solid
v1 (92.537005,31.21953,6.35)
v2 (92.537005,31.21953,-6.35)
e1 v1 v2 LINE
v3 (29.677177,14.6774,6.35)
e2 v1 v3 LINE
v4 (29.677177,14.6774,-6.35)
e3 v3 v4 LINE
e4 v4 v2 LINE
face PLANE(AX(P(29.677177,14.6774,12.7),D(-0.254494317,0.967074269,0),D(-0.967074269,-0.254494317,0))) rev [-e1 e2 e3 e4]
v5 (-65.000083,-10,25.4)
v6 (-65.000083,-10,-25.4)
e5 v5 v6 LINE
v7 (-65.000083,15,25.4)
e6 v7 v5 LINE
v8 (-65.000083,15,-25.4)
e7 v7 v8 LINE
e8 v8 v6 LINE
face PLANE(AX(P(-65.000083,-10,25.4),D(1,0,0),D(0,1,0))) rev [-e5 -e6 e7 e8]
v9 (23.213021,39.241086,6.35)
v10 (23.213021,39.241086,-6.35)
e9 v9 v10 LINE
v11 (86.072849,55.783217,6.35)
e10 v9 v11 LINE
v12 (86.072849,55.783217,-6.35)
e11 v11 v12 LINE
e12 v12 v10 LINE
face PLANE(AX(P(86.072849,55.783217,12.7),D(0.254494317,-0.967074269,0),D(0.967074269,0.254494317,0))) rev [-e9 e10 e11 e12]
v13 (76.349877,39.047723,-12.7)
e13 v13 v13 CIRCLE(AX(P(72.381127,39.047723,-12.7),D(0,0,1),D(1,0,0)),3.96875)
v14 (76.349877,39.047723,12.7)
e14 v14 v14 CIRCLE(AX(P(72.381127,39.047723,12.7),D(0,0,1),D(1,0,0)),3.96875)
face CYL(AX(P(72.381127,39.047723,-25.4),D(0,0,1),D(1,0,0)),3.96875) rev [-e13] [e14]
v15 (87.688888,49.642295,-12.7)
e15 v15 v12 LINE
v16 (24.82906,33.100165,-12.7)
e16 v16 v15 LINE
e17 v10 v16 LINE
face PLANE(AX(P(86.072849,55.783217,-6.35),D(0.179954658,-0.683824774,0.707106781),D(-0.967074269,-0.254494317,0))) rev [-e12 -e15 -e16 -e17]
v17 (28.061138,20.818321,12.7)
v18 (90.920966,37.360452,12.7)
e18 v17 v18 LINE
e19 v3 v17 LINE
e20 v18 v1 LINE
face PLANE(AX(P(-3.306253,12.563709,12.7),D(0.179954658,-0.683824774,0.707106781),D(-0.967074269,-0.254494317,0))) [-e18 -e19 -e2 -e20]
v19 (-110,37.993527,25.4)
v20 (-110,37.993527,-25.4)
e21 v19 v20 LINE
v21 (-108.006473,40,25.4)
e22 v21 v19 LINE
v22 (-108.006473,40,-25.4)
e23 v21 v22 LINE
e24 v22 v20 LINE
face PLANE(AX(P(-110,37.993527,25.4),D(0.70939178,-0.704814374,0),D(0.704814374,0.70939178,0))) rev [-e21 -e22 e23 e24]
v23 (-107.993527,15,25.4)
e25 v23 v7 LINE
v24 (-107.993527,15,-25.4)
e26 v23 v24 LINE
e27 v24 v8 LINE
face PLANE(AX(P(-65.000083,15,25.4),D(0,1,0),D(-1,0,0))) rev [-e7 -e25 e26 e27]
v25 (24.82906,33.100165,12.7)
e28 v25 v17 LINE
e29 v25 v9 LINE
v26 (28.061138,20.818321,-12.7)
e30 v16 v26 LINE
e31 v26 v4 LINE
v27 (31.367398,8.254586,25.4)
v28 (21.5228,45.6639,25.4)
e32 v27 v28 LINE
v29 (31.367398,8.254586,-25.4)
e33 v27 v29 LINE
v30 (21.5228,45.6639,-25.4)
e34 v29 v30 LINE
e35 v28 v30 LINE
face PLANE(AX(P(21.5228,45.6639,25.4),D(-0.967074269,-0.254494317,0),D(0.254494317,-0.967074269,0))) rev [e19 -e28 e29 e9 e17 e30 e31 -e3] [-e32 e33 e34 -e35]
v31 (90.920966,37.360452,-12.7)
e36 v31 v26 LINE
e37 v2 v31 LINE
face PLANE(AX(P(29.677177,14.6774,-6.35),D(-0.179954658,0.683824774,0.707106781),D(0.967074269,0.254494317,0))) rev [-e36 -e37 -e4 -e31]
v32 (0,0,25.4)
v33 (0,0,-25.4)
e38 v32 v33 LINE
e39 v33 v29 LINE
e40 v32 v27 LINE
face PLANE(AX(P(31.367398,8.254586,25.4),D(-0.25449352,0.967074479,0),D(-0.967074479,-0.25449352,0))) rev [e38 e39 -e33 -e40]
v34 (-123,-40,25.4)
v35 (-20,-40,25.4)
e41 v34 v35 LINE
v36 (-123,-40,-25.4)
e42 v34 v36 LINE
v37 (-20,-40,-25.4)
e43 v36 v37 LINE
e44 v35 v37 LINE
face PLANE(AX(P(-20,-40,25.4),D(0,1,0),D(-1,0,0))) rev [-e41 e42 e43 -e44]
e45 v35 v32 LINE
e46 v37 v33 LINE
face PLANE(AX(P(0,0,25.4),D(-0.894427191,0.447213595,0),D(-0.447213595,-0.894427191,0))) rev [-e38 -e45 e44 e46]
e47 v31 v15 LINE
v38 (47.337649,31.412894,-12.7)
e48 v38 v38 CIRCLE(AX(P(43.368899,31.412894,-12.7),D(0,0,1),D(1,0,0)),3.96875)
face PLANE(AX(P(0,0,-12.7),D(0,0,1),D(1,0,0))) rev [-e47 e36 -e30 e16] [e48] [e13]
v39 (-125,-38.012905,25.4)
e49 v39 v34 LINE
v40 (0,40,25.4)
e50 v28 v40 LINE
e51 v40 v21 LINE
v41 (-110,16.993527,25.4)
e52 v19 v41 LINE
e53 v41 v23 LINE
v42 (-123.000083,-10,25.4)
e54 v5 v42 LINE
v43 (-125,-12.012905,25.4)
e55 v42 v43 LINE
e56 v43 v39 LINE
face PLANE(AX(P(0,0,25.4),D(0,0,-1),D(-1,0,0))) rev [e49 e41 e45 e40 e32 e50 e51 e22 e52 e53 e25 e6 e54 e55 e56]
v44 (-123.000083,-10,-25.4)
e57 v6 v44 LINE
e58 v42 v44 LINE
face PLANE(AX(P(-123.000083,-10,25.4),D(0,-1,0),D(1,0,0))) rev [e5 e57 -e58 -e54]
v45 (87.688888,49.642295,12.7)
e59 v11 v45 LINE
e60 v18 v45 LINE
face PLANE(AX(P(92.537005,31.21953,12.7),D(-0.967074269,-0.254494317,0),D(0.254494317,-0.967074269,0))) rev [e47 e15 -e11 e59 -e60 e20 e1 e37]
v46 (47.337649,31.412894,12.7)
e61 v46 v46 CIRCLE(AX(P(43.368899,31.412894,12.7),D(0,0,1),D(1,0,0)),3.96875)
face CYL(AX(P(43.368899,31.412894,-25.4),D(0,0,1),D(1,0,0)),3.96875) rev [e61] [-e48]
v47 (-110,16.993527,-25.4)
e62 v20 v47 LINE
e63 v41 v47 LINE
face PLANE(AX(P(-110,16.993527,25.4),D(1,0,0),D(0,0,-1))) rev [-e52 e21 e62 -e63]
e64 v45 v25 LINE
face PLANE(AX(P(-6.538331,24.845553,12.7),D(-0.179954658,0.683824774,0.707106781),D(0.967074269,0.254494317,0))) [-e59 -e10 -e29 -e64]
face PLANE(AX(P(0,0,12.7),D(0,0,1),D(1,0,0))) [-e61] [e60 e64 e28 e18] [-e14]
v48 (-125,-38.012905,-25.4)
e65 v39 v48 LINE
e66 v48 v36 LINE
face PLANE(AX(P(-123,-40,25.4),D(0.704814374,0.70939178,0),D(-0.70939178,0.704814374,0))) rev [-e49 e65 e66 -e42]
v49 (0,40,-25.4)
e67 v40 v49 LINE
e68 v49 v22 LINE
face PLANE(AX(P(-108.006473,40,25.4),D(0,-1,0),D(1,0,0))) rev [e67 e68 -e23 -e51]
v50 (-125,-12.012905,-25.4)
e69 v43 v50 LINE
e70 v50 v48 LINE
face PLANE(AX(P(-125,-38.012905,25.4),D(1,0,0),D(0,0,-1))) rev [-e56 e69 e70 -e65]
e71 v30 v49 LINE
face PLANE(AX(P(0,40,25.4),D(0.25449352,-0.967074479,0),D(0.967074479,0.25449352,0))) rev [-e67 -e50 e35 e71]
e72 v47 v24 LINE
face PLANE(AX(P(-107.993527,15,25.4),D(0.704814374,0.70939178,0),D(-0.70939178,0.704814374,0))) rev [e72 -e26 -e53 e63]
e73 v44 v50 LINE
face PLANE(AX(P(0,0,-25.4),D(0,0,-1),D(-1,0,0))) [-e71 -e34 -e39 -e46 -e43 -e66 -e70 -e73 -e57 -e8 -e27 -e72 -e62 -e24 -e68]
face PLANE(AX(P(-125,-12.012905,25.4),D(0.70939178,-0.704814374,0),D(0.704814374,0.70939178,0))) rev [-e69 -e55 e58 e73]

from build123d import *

# Parameters (mm, degrees)
SALIENTE_EXTRUIR1_DEPTH = 25.4
SALIENTE_EXTRUIR2_DEPTH = 12.7
CROQUIS4_R              = 3.96875
CORTAR_EXTRUIR2_DEPTH   = 143.085809608
REDONDEO1_SIZE          = 6.35


with BuildPart() as part:
    # Croquis1 → Saliente-Extruir1 (new, symmetric)
    with BuildSketch(Plane.XY):
        Polygon((21.5228, 45.6639), (31.367398371, 8.254586189), (0, 0), (-20, -40), (-123, -40), (-125, -38.012905156), (-125, -12.012905156), (-123.000083272, -10), (-65.000083272, -10), (-65.000083272, 15), (-107.993526537, 15), (-110, 16.993526537), (-110, 37.993526537), (-108.006473463, 40), (0, 40), align=None)
    extrude(amount=SALIENTE_EXTRUIR1_DEPTH, both=True)

    # Croquis2 → Saliente-Extruir2 (add, symmetric)
    with BuildSketch(Plane.XY):
        Polygon((29.677177015, 14.677399874), (92.537004524, 31.219530495), (86.072848866, 55.783216937), (23.213021357, 39.241086316), align=None)
    extrude(amount=SALIENTE_EXTRUIR2_DEPTH, both=True)

    # Croquis4 → Cortar-Extruir2 (cut, through all)
    with BuildSketch(Plane.XY.offset(12.7)):
        with Locations((72.381126981, 39.047723164)):
            Circle(CROQUIS4_R)
        with Locations((43.3688989, 31.412893647)):
            Circle(CROQUIS4_R)
    extrude(amount=-CORTAR_EXTRUIR2_DEPTH, mode=Mode.SUBTRACT)

    # Redondeo1
    redondeo1_edges = [part.edges().sort_by_distance(p)[0] for p in [
        (61.107090769, 22.948465184, -12.7),
        (54.642935111, 47.512151626, -12.7),
        (61.107090769, 22.948465184, 12.7),
        (54.642935111, 47.512151626, 12.7),
    ]]
    chamfer(redondeo1_edges, length=REDONDEO1_SIZE)


solid = part.part
